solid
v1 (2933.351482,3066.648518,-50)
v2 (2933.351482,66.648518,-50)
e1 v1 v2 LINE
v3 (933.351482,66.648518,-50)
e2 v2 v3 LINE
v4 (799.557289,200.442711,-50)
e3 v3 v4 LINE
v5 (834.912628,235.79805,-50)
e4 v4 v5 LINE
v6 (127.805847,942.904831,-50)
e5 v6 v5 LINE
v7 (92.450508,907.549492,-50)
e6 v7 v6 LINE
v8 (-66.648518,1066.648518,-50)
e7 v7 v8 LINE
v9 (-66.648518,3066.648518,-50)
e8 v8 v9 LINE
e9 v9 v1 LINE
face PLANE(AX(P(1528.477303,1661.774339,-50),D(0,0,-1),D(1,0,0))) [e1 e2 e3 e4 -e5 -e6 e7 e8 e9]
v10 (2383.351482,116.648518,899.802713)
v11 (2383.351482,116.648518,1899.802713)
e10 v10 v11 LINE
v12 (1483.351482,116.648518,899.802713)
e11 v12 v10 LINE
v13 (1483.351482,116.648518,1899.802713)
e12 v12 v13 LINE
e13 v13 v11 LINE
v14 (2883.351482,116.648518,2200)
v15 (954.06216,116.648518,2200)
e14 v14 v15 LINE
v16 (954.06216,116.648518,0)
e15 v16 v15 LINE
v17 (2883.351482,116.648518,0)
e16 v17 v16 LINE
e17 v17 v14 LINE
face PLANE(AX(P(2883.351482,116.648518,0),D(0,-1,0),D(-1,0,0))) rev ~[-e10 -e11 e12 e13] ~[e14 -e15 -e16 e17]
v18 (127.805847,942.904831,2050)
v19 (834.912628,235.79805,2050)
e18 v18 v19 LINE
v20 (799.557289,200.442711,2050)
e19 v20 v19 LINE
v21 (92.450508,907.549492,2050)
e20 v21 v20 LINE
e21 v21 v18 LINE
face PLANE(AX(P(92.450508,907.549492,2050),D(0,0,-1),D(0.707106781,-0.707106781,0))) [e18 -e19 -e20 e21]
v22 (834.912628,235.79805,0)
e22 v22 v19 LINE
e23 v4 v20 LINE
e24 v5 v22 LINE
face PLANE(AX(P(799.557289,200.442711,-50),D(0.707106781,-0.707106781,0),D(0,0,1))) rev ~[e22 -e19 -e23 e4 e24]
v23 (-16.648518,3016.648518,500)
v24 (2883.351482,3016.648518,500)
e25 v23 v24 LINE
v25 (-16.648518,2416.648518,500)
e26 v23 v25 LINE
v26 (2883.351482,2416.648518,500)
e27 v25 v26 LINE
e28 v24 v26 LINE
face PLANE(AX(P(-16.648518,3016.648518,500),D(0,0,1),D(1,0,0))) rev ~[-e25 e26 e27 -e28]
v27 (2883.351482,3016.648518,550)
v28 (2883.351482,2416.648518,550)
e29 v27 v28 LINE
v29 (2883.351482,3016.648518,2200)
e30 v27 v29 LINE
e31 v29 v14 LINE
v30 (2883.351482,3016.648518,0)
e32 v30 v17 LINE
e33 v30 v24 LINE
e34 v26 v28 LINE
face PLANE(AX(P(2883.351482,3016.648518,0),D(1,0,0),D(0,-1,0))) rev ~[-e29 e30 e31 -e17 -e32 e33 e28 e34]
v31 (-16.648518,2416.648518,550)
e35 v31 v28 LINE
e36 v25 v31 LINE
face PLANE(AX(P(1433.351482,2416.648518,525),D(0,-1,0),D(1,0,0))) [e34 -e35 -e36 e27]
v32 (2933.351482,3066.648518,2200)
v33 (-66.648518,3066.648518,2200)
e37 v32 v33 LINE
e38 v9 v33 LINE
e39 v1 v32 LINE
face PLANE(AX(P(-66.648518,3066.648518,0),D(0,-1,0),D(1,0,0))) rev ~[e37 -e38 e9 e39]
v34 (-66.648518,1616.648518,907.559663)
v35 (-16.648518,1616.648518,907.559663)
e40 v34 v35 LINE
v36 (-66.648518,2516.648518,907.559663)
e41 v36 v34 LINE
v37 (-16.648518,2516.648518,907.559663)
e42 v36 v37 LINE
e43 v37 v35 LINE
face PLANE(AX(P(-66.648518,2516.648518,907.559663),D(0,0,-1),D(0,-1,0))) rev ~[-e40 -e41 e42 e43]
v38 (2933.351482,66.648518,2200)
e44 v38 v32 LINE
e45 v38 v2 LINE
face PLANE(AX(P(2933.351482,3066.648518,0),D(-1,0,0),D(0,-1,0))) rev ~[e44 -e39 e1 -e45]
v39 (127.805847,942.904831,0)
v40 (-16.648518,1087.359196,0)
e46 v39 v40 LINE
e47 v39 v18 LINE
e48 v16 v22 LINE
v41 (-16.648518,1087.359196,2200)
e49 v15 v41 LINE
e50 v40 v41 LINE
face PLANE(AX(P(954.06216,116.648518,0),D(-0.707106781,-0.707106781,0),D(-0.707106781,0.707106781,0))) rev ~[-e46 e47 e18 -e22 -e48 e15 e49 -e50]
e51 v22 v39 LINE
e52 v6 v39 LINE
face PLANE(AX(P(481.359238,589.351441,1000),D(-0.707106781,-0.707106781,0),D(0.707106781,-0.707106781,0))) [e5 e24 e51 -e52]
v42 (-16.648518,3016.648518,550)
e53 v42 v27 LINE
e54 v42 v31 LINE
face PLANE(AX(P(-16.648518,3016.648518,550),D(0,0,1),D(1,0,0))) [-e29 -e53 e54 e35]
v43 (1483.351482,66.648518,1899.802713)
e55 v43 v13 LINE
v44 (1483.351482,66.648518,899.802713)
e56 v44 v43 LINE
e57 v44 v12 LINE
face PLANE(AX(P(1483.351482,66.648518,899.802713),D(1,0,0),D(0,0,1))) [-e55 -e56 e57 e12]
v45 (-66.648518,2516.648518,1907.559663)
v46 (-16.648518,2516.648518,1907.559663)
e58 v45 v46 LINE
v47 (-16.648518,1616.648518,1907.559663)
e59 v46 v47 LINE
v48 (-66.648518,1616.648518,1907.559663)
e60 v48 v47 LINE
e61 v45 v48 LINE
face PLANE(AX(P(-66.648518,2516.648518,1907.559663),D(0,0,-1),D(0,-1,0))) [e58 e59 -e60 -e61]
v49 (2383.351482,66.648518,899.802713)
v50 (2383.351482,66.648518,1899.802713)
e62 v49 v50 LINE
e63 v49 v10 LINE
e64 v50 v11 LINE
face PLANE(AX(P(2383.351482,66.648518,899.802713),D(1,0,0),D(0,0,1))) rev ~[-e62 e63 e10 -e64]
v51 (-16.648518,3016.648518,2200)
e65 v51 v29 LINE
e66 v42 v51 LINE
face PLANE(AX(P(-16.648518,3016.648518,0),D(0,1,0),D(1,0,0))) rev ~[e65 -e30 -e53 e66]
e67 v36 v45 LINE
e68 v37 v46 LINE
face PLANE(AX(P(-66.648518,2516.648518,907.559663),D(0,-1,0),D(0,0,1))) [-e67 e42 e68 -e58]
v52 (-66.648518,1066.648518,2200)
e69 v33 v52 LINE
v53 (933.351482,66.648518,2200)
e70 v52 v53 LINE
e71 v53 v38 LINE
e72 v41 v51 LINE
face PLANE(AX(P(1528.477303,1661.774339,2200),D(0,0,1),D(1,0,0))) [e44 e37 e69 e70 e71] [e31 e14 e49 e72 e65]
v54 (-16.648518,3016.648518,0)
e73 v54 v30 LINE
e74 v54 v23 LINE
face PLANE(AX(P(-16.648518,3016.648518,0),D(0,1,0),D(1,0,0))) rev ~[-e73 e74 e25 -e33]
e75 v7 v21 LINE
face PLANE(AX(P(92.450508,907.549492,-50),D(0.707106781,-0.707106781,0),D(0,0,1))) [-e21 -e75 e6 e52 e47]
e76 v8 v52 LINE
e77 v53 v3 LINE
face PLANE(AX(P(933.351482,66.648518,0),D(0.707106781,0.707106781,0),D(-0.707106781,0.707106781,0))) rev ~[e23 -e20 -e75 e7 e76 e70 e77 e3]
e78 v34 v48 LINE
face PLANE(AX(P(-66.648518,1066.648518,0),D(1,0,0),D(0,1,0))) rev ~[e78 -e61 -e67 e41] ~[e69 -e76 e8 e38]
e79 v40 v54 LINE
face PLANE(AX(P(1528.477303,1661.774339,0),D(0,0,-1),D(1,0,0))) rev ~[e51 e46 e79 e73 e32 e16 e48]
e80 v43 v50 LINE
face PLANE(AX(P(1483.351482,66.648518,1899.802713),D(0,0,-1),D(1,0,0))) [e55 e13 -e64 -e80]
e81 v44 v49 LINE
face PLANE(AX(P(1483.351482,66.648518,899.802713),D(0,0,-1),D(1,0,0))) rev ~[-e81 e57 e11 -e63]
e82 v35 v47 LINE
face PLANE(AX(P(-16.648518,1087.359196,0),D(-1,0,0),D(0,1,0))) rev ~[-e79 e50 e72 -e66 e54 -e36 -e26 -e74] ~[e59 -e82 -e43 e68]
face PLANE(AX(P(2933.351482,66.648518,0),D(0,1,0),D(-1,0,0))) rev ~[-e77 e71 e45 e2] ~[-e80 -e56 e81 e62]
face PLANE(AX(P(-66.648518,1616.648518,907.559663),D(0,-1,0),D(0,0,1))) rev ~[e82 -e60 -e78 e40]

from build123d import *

# Parameters (mm, degrees)
F1_DEPTH  = 2200
F3_DEPTH  = 50
F4_W      = 1000
F4_H      = 2100
F5_DEPTH  = 50
F6_W      = 900
F6_H      = 1000
F7_DEPTH  = 50
F8_W      = 900
F8_H      = 1000
F9_DEPTH  = 50
F10_W     = 2900
F10_H     = 50
F11_DEPTH = 600


with BuildPart() as f1:
    # F0 (on Top) → F1 (new body)
    with BuildSketch(Plane.XY):
        Polygon((-66.648518, 1066.648518), (933.351482, 66.648518), (2933.351482, 66.648518), (2933.351482, 3066.648518), (-66.648518, 3066.648518), align=None)
        Polygon((2883.351482, 3016.648518), (2883.351482, 116.648518), (954.06216, 116.648518), (-16.648518, 1087.359196), (-16.648518, 3016.648518), align=None, mode=Mode.SUBTRACT)
    extrude(amount=F1_DEPTH)

    # F2 (on face) → F3 (join)
    with BuildSketch(Plane(origin=(0, 0, 0), x_dir=(1, 0, 0), z_dir=(0, 0, -1))):
        Polygon((2933.351482, -3066.648518), (2933.351482, -66.648518), (933.351482, -66.648518), (-66.648518, -1066.648518), (-66.648518, -3066.648518), align=None)
    extrude(amount=F3_DEPTH)

    # F4 (on face) → F5 (cut)
    with BuildSketch(Plane(origin=(500, 500, 0), x_dir=(0.707107, -0.707107, 0), z_dir=(-0.707107, -0.707107, 0))):
        with Locations((-76.362019, 1000)):
            Rectangle(F4_W, F4_H)
    extrude(amount=-F5_DEPTH, mode=Mode.SUBTRACT)

    # F6 (on face) → F7 (cut)
    with BuildSketch(Plane.XZ.offset(-66.648518)):
        with Locations((1933.351482, 1399.802713)):
            Rectangle(F6_W, F6_H)
    extrude(amount=-F7_DEPTH, mode=Mode.SUBTRACT)

    # F8 (on face) → F9 (cut)
    with BuildSketch(Plane(origin=(-66.648518, 0, 0), x_dir=(0, -1, 0), z_dir=(-1, 0, 0))):
        with Locations((-2066.648518, 1407.559663)):
            Rectangle(F8_W, F8_H)
    extrude(amount=-F9_DEPTH, mode=Mode.SUBTRACT)

    # F10 (on face) → F11 (join)
    with BuildSketch(Plane.XZ.offset(-3016.648518)):
        with Locations((1433.351482, 525)):
            Rectangle(F10_W, F10_H)
    extrude(amount=F11_DEPTH)


solid = f1.part
